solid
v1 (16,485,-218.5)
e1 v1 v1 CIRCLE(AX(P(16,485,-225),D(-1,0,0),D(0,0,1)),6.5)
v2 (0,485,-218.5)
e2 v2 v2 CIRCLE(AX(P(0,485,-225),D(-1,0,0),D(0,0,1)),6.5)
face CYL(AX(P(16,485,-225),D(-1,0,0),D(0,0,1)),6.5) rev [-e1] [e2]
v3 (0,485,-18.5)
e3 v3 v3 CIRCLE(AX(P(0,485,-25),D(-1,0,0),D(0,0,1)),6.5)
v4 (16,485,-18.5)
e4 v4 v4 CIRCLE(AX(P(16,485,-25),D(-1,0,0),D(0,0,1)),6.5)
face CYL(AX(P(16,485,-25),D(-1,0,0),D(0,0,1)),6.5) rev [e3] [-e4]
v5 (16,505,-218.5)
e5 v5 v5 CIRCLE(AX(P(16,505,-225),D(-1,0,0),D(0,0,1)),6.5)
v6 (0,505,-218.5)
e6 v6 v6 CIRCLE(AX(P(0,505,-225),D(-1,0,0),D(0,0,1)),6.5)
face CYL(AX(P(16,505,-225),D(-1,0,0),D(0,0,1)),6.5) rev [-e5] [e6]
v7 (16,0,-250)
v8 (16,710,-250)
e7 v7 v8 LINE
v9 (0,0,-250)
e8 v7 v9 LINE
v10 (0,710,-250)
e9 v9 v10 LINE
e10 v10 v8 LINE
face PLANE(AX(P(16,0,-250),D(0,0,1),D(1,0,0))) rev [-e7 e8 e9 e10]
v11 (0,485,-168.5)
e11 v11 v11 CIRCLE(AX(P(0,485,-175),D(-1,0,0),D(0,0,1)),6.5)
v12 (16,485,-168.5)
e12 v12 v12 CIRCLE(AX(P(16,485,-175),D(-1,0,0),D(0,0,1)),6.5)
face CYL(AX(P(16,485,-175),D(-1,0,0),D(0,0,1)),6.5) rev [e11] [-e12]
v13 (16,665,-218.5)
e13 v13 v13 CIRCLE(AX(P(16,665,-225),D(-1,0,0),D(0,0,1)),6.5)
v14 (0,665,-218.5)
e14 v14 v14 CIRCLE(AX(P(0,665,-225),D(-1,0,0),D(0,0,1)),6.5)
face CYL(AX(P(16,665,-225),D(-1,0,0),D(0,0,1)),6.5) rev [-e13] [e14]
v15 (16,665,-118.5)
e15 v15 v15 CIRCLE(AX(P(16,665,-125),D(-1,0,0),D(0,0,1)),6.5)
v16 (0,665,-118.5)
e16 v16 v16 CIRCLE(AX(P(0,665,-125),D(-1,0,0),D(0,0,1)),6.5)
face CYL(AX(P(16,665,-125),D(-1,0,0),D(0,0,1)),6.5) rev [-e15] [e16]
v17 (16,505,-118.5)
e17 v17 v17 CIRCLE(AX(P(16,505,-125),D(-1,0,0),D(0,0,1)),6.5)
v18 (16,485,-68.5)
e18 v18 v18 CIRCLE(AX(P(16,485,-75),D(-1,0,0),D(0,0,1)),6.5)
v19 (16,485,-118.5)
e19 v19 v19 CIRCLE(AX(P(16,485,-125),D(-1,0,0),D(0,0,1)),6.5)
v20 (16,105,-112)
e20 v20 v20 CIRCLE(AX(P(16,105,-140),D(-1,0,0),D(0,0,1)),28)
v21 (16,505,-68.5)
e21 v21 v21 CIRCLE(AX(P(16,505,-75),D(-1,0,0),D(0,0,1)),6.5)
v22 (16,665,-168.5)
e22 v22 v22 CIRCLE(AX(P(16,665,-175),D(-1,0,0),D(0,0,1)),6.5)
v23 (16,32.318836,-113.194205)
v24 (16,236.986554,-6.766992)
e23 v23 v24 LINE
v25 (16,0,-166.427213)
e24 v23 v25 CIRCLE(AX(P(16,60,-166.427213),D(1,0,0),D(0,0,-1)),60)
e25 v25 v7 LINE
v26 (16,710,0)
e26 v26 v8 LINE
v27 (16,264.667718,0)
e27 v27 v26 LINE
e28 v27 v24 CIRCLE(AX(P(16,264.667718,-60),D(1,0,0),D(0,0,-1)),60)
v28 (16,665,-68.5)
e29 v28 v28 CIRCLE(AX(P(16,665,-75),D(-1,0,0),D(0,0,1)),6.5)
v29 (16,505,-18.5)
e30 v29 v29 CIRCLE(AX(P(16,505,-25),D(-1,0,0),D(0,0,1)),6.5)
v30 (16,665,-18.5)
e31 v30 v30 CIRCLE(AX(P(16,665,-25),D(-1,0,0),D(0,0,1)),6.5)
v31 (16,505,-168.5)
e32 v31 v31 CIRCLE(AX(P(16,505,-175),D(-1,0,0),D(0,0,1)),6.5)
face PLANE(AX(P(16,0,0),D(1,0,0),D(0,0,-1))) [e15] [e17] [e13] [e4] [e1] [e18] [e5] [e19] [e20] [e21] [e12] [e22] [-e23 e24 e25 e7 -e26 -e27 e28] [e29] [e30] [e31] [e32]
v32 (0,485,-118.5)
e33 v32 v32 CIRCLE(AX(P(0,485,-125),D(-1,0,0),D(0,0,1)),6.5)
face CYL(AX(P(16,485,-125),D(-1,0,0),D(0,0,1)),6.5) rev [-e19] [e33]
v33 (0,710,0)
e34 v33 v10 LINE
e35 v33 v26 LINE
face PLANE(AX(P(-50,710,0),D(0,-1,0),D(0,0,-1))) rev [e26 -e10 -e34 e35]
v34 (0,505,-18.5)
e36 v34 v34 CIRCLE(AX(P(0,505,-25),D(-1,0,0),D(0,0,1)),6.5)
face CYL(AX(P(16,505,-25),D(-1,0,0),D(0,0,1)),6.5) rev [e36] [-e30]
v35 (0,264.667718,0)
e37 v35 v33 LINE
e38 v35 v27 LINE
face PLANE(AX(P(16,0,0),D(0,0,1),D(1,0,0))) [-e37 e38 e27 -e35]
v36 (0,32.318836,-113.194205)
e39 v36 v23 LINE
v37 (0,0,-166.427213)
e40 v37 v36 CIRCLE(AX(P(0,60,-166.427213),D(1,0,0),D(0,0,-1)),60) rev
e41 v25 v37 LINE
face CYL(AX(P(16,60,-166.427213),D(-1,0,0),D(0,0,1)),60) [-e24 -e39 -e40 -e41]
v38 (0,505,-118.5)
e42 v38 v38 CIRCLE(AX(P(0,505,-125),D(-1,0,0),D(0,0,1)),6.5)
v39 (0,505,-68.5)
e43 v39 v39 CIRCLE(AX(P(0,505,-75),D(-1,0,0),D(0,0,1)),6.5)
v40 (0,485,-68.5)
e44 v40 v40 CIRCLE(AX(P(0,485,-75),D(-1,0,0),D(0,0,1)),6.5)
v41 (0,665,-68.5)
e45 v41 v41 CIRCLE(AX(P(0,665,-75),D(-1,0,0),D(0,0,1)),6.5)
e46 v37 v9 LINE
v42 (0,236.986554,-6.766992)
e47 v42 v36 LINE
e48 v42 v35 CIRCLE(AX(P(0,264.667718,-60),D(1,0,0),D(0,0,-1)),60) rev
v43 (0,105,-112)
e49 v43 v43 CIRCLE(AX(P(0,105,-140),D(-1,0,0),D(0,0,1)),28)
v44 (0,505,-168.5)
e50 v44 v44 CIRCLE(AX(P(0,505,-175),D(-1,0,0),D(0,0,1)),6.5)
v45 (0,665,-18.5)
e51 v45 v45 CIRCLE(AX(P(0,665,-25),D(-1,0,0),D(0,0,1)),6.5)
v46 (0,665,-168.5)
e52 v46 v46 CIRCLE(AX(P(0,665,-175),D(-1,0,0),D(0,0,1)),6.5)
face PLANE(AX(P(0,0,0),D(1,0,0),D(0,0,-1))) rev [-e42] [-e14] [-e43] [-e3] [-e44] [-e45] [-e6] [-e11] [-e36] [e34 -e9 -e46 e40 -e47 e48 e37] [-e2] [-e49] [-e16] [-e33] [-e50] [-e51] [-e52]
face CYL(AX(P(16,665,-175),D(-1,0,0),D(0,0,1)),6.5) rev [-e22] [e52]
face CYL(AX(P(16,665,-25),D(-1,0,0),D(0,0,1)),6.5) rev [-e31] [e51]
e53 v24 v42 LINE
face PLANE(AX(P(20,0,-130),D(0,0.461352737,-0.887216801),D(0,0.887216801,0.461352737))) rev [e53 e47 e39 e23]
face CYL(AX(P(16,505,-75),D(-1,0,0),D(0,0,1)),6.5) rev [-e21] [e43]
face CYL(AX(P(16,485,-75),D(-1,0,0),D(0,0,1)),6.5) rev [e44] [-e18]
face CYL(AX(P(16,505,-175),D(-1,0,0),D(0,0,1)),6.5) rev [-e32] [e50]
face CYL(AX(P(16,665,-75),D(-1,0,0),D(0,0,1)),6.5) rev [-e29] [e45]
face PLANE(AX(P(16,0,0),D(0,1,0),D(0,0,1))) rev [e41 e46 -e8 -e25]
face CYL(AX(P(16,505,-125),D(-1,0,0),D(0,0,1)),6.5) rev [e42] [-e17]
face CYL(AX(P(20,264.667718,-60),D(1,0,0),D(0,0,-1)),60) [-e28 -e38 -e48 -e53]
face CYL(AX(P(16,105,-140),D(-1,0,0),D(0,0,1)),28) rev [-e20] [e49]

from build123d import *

# Parameters (mm, degrees)
SKETCH_1_W             = 250
SKETCH_1_H             = 750
EXTRUDE_1_DEPTH        = 16
CUT_EXTRUDE_2_DEPTH    = 20
SKETCH_5_R             = 6.5
CUT_EXTRUDE_3_DEPTH    = 791.731307082
PATTERN_LINEAR_1_COUNT = 5
PATTERN_LINEAR_1_PITCH = 50
SKETCH_6_R             = 28
CUT_EXTRUDE_4_DEPTH    = 791.731307082
FILLET_1_R             = 60
SKETCH_7_W             = 250
SKETCH_7_H             = 40
CUT_EXTRUDE_5_DEPTH    = 66


with BuildPart() as part:
    # 草图1 → 凸台-拉伸1 (new body)
    with BuildSketch(Plane(origin=(0, 0, 0), x_dir=(0, 0, -1), z_dir=(1, 0, 0))):
        with Locations((125, 375)):
            Rectangle(SKETCH_1_W, SKETCH_1_H)
    extrude(amount=EXTRUDE_1_DEPTH)

    # 草图3 → 切除-拉伸2 (cut)
    with BuildSketch(Plane.ZY):
        Polygon((-130, 0), (0, 250), (0, 0), align=None)
    extrude(amount=-CUT_EXTRUDE_2_DEPTH, mode=Mode.SUBTRACT)

    # 草图5 → 切除-拉伸3 (cut, through all)
    with BuildSketch(Plane.ZY):
        with Locations((-225, 665)):
            Circle(SKETCH_5_R)
        with Locations((-225, 505)):
            Circle(SKETCH_5_R)
        with Locations((-225, 485)):
            Circle(SKETCH_5_R)
    cut_extrude_3 = extrude(amount=-CUT_EXTRUDE_3_DEPTH, mode=Mode.SUBTRACT)

    # 阵列(线性)1: 切除-拉伸3 ×5
    with Locations(*[(0, 0, i * PATTERN_LINEAR_1_PITCH) for i in range(1, PATTERN_LINEAR_1_COUNT)]):
        add(cut_extrude_3, mode=Mode.SUBTRACT)

    # 草图6 → 切除-拉伸4 (cut, through all)
    with BuildSketch(Plane.ZY):
        with Locations((-140, 105)):
            Circle(SKETCH_6_R)
    extrude(amount=-CUT_EXTRUDE_4_DEPTH, mode=Mode.SUBTRACT)

    # 圆角1
    fillet_1_edges = [part.edges().sort_by_distance(p)[0] for p in [
        (8, 0, -130),
        (8, 250, 0),
    ]]
    fillet(fillet_1_edges, radius=FILLET_1_R)

    # 草图7 → 切除-拉伸5 (cut)
    with BuildSketch(Plane(origin=(16, 0, 0), x_dir=(0, 0, -1), z_dir=(1, 0, 0))):
        with Locations((125, 730)):
            Rectangle(SKETCH_7_W, SKETCH_7_H)
    extrude(amount=-CUT_EXTRUDE_5_DEPTH, mode=Mode.SUBTRACT)


solid = part.part
